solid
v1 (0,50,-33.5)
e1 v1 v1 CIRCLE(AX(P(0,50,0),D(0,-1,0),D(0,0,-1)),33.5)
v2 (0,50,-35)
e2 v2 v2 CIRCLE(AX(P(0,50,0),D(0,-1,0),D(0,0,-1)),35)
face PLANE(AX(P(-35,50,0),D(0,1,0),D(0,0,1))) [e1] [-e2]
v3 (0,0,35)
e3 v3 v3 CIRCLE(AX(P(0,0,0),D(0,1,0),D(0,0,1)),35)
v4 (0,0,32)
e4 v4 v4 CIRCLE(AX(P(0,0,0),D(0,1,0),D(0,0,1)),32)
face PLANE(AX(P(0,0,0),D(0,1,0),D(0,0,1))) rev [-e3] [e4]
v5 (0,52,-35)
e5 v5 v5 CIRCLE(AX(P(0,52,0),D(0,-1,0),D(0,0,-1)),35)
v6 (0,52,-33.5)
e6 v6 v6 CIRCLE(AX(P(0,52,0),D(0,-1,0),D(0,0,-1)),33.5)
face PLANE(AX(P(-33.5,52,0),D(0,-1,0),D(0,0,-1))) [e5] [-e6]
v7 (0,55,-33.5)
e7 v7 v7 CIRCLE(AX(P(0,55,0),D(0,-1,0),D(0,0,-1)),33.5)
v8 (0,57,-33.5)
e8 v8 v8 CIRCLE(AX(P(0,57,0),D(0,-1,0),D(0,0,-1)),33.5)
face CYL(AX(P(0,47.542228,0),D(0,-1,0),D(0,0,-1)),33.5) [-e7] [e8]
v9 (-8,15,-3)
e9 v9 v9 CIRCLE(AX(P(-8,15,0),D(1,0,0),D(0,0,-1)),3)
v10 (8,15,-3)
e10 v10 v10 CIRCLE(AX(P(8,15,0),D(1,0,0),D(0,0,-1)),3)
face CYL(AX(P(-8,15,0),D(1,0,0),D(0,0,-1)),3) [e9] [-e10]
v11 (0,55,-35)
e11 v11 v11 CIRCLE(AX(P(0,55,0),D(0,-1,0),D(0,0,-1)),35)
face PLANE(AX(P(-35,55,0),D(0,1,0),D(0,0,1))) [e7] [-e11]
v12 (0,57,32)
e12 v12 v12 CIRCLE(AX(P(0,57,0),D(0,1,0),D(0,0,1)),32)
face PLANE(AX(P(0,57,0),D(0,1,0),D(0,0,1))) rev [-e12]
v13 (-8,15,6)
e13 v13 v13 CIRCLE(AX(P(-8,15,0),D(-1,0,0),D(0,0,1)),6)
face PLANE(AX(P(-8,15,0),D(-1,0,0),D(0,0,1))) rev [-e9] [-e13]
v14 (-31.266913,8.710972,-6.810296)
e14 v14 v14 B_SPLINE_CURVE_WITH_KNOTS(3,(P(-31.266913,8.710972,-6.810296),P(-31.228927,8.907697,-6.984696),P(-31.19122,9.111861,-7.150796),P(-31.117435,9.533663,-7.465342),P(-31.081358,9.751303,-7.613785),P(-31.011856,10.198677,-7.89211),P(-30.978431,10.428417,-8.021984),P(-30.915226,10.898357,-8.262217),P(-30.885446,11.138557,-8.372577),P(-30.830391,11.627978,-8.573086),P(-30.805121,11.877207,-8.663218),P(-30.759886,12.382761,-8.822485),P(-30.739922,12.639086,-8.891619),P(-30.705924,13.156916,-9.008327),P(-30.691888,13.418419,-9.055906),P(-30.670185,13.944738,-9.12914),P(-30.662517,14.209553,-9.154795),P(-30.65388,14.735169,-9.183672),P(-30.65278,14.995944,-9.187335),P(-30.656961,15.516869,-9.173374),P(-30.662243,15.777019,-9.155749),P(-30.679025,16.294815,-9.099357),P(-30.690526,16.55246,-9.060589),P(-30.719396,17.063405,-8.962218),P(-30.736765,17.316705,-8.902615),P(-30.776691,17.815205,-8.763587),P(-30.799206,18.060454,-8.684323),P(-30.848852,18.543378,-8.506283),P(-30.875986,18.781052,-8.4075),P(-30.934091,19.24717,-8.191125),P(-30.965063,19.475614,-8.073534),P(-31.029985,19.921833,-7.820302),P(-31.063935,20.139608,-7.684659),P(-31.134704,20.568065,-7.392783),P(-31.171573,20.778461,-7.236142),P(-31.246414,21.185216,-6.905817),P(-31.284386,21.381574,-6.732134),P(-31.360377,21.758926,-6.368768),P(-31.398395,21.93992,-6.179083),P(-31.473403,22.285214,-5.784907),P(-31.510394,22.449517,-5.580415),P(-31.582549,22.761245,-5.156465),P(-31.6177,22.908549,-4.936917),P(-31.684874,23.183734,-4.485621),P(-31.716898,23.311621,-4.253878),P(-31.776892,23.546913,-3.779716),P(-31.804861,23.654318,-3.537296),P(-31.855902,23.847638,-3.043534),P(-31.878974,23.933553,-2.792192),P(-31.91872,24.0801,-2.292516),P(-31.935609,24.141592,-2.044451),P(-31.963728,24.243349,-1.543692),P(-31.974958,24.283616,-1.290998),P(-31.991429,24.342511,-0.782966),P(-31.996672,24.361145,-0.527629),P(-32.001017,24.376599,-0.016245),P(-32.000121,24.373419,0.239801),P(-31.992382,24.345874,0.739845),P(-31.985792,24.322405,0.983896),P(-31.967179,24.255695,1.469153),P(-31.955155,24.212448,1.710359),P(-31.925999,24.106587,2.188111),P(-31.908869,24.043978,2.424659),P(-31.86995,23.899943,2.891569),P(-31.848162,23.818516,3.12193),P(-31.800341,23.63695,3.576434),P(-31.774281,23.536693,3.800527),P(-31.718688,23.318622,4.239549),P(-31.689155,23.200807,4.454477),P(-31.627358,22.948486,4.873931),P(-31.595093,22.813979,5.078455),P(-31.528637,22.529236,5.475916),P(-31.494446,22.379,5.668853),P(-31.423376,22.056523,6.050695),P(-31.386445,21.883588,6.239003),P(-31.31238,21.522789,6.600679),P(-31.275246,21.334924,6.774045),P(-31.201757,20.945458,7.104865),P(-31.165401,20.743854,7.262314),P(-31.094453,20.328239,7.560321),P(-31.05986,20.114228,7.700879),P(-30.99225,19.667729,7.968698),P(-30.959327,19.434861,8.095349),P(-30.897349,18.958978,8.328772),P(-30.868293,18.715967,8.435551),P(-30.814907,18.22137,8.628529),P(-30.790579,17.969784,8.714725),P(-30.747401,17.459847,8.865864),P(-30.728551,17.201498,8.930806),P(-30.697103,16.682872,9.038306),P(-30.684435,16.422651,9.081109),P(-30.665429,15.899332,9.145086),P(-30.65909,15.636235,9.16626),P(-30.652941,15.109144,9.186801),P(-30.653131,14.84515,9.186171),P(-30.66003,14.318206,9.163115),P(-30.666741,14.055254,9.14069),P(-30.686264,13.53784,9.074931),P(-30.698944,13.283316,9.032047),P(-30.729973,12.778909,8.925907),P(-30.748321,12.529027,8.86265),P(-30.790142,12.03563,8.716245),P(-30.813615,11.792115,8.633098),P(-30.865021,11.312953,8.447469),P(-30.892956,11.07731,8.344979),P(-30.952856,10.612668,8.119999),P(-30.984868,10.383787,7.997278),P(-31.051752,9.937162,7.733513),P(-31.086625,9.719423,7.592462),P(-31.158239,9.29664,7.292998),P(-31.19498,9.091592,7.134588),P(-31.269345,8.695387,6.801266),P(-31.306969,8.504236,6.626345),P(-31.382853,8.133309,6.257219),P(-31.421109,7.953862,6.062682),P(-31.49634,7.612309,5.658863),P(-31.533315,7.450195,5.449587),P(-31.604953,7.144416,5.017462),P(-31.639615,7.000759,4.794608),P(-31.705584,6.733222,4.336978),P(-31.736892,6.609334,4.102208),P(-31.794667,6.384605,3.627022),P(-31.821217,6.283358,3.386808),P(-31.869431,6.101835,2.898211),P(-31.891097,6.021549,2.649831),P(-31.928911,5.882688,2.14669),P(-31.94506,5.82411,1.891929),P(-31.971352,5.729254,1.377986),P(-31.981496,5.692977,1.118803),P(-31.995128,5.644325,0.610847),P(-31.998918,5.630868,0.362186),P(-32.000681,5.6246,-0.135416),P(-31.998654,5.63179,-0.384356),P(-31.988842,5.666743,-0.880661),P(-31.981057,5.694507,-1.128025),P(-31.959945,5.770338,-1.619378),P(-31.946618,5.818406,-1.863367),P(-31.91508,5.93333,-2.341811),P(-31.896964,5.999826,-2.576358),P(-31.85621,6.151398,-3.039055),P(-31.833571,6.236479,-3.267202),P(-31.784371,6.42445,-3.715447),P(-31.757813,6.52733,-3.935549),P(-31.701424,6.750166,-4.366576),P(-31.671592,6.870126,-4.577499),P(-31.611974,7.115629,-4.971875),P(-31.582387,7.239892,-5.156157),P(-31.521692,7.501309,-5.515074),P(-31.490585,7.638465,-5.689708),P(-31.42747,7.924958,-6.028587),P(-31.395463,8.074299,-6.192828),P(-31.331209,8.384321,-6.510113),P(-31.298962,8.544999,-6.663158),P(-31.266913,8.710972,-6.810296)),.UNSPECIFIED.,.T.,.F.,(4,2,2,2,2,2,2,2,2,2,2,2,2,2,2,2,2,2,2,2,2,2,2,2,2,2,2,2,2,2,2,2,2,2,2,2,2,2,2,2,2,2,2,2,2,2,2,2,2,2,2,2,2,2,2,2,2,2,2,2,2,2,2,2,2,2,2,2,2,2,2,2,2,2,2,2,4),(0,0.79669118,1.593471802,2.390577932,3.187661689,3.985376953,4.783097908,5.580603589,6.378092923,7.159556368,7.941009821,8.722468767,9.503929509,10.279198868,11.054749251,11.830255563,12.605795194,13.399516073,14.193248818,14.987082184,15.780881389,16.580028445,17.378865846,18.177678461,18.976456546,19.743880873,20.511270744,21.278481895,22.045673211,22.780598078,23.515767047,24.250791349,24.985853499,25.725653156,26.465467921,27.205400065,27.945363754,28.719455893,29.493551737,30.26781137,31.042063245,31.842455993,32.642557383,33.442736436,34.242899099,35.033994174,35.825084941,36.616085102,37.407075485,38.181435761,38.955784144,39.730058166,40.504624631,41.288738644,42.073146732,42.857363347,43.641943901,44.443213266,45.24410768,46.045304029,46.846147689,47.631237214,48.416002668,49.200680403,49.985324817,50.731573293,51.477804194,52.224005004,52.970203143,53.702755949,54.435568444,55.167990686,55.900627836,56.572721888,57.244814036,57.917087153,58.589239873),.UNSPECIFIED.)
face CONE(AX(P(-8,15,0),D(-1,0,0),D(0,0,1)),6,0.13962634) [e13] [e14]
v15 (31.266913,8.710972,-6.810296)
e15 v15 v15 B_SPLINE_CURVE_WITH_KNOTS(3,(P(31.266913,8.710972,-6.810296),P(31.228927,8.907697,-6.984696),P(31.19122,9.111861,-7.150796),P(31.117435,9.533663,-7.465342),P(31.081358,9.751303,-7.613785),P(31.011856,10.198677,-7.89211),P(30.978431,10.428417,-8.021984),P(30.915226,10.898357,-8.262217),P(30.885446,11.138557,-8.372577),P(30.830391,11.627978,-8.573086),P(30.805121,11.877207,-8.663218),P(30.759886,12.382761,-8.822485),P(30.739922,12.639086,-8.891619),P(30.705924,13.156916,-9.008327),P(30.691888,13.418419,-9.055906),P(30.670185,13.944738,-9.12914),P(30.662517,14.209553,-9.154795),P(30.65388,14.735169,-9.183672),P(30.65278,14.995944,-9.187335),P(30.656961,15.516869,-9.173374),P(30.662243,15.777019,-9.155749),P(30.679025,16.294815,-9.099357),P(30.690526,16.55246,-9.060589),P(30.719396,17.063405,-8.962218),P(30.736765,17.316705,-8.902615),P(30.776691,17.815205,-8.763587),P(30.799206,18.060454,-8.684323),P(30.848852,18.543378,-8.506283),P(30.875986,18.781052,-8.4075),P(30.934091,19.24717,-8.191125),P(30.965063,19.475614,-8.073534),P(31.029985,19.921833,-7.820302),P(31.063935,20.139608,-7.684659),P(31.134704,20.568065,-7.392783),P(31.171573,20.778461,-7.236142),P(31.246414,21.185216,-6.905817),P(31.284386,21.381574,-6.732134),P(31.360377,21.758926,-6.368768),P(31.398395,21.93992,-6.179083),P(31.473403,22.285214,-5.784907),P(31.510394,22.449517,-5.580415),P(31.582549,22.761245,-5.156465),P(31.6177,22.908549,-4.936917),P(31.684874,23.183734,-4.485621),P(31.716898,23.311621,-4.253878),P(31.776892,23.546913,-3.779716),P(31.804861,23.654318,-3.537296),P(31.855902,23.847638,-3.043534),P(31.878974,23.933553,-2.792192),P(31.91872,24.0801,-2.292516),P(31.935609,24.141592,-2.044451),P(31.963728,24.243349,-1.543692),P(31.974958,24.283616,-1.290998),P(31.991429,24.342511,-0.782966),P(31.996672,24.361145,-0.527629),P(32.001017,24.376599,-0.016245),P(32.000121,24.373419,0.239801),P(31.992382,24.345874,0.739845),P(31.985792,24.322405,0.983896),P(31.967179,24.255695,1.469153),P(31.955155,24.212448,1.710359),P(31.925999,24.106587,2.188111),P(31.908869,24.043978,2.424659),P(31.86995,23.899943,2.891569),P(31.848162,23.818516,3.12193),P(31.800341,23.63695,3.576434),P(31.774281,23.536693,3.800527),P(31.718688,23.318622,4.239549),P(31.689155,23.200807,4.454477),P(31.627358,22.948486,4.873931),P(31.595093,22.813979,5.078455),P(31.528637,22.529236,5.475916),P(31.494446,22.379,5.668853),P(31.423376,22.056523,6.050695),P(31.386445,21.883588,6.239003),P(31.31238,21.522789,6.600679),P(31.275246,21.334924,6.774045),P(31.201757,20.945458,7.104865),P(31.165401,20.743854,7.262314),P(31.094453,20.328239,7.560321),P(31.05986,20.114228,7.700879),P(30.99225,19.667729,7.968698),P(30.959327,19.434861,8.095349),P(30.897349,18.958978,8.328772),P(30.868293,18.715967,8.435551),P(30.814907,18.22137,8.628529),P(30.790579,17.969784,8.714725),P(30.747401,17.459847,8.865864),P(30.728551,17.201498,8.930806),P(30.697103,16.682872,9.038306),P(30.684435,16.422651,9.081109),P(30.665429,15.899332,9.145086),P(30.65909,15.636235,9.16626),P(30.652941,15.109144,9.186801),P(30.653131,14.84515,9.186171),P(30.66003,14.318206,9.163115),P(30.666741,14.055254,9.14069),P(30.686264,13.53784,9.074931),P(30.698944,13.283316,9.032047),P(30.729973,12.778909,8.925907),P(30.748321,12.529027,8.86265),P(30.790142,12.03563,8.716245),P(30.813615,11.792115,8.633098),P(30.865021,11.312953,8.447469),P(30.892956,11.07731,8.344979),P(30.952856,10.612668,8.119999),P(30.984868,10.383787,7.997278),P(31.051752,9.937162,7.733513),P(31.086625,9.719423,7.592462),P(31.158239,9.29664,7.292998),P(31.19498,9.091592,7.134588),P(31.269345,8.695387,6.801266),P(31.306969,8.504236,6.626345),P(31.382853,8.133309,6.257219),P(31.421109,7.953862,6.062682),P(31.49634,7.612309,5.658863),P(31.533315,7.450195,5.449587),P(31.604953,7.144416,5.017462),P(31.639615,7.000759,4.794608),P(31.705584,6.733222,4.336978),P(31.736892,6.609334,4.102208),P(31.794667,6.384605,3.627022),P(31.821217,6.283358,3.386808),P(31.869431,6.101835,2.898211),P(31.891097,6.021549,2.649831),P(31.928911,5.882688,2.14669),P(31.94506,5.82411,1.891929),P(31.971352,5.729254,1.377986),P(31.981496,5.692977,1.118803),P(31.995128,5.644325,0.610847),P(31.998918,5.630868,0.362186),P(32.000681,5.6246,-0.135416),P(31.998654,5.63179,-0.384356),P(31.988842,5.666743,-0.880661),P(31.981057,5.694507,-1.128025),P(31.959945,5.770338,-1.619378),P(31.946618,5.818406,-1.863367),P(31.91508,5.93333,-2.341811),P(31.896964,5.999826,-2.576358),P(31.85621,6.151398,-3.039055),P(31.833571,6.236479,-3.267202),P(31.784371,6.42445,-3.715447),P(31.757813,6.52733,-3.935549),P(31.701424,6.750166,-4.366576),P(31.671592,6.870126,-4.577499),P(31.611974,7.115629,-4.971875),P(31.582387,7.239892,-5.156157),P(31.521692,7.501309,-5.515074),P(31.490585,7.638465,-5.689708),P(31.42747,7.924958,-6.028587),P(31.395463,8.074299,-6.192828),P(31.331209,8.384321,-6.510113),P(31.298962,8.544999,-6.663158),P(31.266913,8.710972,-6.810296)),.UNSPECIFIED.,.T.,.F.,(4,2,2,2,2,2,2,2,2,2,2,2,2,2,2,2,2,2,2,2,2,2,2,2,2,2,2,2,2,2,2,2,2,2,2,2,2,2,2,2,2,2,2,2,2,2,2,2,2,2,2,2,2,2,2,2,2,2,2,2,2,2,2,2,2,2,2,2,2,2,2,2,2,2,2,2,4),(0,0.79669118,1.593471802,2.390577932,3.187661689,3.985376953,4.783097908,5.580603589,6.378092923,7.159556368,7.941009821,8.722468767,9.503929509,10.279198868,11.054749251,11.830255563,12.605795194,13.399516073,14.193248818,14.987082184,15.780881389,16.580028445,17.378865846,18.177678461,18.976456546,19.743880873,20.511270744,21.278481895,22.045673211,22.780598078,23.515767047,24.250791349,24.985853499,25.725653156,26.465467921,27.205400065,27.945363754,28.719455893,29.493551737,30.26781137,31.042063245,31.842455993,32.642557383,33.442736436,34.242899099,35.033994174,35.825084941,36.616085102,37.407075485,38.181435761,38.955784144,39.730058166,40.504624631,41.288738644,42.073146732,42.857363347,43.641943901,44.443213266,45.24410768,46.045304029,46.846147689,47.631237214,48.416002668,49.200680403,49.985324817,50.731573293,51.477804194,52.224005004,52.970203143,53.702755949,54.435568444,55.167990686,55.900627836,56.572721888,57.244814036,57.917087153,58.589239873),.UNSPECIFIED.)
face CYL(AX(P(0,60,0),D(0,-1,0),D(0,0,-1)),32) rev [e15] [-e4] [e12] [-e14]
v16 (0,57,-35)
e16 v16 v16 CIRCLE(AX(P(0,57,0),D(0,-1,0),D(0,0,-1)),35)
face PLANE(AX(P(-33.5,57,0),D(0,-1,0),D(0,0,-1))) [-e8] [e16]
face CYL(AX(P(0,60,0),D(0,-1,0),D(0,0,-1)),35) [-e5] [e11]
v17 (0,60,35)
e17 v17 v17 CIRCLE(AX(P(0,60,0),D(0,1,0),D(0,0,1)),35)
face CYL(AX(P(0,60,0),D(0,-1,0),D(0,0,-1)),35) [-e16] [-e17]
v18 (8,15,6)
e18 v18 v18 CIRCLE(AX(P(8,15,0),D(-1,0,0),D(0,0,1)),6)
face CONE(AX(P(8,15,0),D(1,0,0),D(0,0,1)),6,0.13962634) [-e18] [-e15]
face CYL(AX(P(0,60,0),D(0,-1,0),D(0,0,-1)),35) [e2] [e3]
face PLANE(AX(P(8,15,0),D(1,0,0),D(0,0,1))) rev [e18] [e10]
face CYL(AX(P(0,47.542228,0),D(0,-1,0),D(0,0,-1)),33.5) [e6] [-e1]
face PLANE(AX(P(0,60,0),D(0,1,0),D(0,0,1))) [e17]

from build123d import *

# Parameters (mm, degrees)
SKETCH_1_R           = 35
EXTRUDE_1_DEPTH      = 60
SHELL_1_T            = -3
SKETCH_2_R           = 3
EXTRUDE_2_DEPTH      = 8
EXTRUDE_3_REACH      = 83.695
EXTRUDE_3_END_RADIUS = 32
SKETCH_3_R           = 6
EXTRUDE_3_DRAFT      = -8
SKETCH_4_W           = 1.5
SKETCH_4_H           = 2


with BuildPart() as part:
    # 草图1 → 拉伸1 (new body)
    with BuildSketch(Plane(origin=(0, 0, 0), x_dir=(1, 0, 0), z_dir=(0, 1, 0))):
        with Locations(Location((0, 0, 0), (0, 0, 270))):
            Circle(SKETCH_1_R)
    extrude(amount=EXTRUDE_1_DEPTH)

    # 抽壳1
    shell_1_openings = [part.faces().sort_by_distance(p)[0] for p in [
        (0, 0, 0),
    ]]
    offset(amount=SHELL_1_T, openings=shell_1_openings, kind=Kind.INTERSECTION)



with BuildPart() as body_2:
    # 草图2 → 拉伸2 (new body)
    with BuildSketch(Plane(origin=(0, 0, 0), x_dir=(0, 0, -1), z_dir=(1, 0, 0))):
        with Locations((0, 15)):
            Circle(SKETCH_2_R)
    extrude_2 = extrude(amount=-EXTRUDE_2_DEPTH)


with BuildPart() as part_1:
    add(part.part)

    add(body_2.part)  # 拉伸3 merges body 2
    # 拉伸3: up to this cylinder (the profile starts inside it)
    extrude_3_end = Plane(origin=(0, 15, 0), z_dir=(0, -1, 0)) * Cylinder(EXTRUDE_3_END_RADIUS, 232.39, mode=Mode.PRIVATE)



with BuildPart() as extrude_3_long_prism_1:
    # 草图3 → 拉伸3 (the long prism of profile 1, to be tilted and cut off)
    with BuildSketch(Plane.ZY.offset(8)):
        with Locations((0, 15)):
            Circle(SKETCH_3_R)
    extrude(amount=EXTRUDE_3_REACH)
    extrude_3_tool1_sides = [extrude_3_long_prism_1.faces().sort_by_distance(p)[0] for p in [
        (-49.8475, 15, -6),
    ]]
    draft(extrude_3_tool1_sides, Plane.ZY.offset(8), EXTRUDE_3_DRAFT)  # the draft: side faces tilted about the start plane


with BuildPart() as part_2:
    add(part_1.part)
    extrude_3_tool1 = extrude_3_long_prism_1.part & extrude_3_end
    extrude_3 = extrude_3_tool1.solids().sort_by_distance((-8, 15, 0))[0]
    add(extrude_3)

    # 镜向1: 拉伸2, 拉伸3 across plane
    add(extrude_2.mirror(Plane(origin=(0, 15, 0), x_dir=(0, 0, 1), z_dir=(1, 0, 0))))
    add(extrude_3.mirror(Plane(origin=(0, 15, 0), x_dir=(0, 0, 1), z_dir=(1, 0, 0))))

    # 草图4 → 切除-旋转1 (revolve, cut)
    with BuildSketch(Plane.XY, mode=Mode.PRIVATE) as cut_revolve_1_sk:
        with Locations((-34.25, 56)):
            Rectangle(SKETCH_4_W, SKETCH_4_H)
        with Locations((-34.25, 51)):
            Rectangle(SKETCH_4_W, SKETCH_4_H)
    revolve(cut_revolve_1_sk.sketch.rotate(Axis((0, 47.542228421, 0), (0, 1, 0)), 270), axis=Axis((0, 47.542228421, 0), (0, 1, 0)), mode=Mode.SUBTRACT)


solid = part_2.part
